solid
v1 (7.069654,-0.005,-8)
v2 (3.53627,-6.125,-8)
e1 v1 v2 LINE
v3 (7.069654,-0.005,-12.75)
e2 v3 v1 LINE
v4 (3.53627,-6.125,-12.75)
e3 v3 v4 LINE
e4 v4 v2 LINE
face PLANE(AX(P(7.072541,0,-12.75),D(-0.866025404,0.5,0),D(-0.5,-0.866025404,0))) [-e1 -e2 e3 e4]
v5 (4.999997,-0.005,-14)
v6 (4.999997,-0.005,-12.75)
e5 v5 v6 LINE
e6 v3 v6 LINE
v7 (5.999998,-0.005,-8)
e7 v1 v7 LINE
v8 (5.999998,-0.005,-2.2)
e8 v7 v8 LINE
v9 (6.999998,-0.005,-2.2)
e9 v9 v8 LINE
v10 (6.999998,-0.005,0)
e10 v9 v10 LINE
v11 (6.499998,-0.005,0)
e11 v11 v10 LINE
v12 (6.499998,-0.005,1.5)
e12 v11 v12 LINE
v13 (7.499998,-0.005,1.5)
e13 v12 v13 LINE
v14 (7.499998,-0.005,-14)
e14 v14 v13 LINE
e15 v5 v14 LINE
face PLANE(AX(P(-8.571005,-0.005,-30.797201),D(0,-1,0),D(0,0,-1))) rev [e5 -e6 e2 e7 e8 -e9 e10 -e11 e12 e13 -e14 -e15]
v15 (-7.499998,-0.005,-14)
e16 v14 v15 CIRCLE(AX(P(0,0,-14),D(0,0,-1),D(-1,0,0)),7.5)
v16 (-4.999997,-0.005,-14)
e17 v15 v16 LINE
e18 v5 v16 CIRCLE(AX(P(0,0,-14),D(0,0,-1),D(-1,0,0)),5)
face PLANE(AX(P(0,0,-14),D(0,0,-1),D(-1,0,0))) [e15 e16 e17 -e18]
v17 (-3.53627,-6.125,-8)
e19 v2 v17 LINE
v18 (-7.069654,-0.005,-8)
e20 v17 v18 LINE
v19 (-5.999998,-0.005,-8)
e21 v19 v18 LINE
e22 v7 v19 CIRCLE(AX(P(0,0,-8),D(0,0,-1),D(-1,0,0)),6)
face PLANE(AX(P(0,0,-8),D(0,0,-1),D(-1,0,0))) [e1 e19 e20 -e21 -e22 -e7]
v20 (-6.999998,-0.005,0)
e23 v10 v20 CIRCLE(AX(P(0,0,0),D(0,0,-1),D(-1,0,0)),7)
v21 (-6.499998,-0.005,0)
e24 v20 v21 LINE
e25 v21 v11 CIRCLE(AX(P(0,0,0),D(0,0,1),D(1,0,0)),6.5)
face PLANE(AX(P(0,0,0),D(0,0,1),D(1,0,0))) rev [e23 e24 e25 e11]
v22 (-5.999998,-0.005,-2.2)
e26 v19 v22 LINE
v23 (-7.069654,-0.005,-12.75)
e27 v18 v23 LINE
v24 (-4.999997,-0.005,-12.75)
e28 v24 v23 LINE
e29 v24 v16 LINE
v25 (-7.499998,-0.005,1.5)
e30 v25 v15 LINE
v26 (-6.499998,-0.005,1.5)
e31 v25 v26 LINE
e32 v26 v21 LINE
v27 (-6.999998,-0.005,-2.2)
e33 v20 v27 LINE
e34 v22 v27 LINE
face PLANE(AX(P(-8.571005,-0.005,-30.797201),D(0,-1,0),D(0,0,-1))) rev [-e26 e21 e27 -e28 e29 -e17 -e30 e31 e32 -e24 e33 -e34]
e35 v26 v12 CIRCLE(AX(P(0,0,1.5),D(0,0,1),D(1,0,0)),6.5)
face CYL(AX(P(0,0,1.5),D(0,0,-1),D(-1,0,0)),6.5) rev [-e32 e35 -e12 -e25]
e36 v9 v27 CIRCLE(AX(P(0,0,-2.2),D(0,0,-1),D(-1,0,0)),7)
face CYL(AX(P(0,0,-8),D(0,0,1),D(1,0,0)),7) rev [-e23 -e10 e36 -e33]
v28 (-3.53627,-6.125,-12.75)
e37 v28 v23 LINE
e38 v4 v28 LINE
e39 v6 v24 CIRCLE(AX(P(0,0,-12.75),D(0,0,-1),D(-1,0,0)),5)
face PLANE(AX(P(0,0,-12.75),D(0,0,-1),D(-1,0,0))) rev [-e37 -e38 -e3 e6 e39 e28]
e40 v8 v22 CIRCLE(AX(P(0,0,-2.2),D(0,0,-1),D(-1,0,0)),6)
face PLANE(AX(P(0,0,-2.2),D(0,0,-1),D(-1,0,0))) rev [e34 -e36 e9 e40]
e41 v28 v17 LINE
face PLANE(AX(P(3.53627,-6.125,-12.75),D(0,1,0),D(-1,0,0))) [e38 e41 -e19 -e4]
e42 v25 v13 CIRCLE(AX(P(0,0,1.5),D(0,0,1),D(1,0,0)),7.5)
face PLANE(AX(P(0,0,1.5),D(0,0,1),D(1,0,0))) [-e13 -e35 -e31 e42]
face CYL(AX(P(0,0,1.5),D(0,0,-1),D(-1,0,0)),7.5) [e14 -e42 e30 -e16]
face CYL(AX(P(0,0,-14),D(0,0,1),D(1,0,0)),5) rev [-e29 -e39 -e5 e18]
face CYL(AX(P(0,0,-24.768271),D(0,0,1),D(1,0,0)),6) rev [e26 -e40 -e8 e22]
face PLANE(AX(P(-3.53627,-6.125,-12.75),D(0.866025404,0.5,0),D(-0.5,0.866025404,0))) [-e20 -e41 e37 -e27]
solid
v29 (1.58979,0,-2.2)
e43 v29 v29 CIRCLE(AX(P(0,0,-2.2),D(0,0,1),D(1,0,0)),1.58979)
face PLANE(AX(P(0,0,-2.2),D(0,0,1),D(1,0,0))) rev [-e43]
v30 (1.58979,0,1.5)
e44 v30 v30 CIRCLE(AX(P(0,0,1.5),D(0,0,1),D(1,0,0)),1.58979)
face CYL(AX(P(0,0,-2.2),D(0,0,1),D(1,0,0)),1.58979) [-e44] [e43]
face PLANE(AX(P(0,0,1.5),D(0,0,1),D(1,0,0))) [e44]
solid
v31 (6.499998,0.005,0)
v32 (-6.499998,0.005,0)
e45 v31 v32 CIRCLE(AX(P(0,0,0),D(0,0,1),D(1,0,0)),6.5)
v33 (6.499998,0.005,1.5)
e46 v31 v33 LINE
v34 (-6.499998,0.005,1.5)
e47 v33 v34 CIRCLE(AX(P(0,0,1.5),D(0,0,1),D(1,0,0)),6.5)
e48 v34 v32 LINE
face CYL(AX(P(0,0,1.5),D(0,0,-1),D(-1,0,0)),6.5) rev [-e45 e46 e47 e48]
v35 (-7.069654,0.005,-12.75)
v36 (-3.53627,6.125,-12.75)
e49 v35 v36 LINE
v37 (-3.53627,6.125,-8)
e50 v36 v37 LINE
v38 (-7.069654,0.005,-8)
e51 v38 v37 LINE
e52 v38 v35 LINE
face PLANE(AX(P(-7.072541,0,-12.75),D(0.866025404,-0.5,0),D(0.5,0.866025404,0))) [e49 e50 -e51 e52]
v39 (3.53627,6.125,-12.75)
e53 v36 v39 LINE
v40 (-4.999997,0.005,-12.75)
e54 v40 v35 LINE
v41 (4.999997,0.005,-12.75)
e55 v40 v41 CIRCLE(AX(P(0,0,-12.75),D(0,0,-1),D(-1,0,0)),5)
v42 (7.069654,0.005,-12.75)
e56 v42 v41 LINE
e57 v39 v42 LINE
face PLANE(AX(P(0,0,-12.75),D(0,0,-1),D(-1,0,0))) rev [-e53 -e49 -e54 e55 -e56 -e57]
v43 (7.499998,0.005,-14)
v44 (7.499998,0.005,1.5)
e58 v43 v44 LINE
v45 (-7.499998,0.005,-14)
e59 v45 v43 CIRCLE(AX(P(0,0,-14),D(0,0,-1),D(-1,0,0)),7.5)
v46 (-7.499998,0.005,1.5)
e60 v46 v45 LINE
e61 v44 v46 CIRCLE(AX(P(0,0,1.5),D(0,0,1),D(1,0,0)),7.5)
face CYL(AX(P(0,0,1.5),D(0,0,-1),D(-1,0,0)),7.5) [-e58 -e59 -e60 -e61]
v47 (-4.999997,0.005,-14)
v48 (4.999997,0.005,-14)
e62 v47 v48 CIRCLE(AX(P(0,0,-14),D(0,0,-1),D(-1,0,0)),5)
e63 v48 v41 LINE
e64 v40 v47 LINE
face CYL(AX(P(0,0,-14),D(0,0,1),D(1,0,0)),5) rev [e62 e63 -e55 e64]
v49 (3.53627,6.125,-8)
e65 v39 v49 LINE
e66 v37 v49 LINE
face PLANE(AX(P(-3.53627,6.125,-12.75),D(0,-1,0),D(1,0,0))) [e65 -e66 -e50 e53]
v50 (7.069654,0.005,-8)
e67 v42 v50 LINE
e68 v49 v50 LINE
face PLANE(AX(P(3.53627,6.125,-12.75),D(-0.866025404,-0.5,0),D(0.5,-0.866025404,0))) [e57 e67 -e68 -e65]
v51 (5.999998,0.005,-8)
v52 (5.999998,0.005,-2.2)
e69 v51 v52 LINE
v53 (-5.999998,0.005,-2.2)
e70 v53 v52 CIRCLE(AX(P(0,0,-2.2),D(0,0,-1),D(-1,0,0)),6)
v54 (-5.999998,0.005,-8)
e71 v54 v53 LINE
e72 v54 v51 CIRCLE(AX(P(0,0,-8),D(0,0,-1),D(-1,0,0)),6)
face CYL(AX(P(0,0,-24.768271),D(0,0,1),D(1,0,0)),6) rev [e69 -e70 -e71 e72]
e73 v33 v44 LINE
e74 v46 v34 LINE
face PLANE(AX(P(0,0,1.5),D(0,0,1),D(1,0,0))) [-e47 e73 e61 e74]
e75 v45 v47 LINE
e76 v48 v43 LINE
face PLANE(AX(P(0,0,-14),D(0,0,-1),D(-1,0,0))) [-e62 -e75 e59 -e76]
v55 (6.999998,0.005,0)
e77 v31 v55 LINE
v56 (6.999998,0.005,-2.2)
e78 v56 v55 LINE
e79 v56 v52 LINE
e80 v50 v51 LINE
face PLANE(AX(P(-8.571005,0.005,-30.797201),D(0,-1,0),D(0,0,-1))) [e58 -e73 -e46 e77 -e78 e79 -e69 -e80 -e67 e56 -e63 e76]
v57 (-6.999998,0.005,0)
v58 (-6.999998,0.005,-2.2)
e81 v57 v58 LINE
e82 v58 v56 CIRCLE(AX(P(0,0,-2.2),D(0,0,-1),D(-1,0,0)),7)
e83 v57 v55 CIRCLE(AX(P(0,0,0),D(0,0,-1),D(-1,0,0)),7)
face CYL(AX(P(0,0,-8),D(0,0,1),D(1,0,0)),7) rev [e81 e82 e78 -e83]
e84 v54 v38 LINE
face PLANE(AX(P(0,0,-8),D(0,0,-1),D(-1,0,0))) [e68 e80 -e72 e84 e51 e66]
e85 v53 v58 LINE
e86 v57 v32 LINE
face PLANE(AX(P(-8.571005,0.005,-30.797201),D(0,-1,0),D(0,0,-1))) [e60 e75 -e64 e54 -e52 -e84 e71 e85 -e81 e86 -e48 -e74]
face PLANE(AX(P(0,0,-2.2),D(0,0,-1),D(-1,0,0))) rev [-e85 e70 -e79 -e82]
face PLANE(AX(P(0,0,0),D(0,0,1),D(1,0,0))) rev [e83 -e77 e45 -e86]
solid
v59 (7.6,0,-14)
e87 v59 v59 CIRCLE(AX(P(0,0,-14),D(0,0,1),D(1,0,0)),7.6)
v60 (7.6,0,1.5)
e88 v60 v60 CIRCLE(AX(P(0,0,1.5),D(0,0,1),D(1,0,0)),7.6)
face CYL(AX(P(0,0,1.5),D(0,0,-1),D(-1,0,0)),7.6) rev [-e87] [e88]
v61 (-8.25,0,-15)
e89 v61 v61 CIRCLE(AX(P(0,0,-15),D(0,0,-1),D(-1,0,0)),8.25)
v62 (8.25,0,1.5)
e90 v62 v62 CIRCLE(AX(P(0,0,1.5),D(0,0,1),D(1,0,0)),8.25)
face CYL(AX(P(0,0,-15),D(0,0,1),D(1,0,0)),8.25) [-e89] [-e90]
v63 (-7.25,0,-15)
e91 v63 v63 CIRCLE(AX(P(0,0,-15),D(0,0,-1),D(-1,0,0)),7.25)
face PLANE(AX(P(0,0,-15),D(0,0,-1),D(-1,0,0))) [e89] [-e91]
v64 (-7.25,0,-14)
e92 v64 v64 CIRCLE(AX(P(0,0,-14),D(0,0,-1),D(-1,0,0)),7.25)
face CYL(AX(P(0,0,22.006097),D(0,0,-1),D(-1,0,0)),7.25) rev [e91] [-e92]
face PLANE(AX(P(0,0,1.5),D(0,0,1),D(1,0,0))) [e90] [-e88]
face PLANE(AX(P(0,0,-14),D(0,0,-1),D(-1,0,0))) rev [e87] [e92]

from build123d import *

# Parameters (mm, degrees)
SKETCH1_R            = 7.5
SKETCH1_R_2          = 6.5
BOSS_EXTRUDE1_DEPTH  = 1.5
BOSS_EXTRUDE2_START  = 8
SKETCH2_R            = 7.5
SKETCH2_R_2          = 7
BOSS_EXTRUDE2_DEPTH  = 8
BOSS_EXTRUDE3_START  = 4.75
SKETCH3_R            = 7.5
BOSS_EXTRUDE3_DEPTH  = 4.75
BOSS_EXTRUDE4_START  = 1.25
SKETCH4_R            = 7.5
SKETCH4_R_2          = 5
BOSS_EXTRUDE4_DEPTH  = 1.25
CUT_EXTRUDE1_REACH   = 20.782
SKETCH5_W            = 16.797198
SKETCH5_H            = 0.01
SKETCH6_R            = 8.25
BOSS_EXTRUDE5_DEPTH  = 1
SKETCH7_R            = 8.25
SKETCH7_R_2          = 7.6
BOSS_EXTRUDE6_DEPTH  = 15.5
SKETCH8_R            = 7.25
CUT_EXTRUDE2_DEPTH   = 16.5
SKETCH11_R           = 1.58979
BOSS_EXTRUDE8_DEPTH  = 3.7
BOSS_EXTRUDE10_DEPTH = 5.8


with BuildPart() as part:
    # Sketch1 → Boss-Extrude1 (new body)
    with BuildSketch(Plane.XY):
        Circle(SKETCH1_R)
        Circle(SKETCH1_R_2, mode=Mode.SUBTRACT)
    extrude(amount=BOSS_EXTRUDE1_DEPTH)

    # Sketch2 → Boss-Extrude2 (add)
    with BuildSketch(Plane(origin=(0, 0, 0), x_dir=(-1, 0, 0), z_dir=(0, 0, -1)).offset(BOSS_EXTRUDE2_START)):
        Circle(SKETCH2_R)
        Circle(SKETCH2_R_2, mode=Mode.SUBTRACT)
    extrude(amount=-BOSS_EXTRUDE2_DEPTH)

    # Sketch3 → Boss-Extrude3 (add)
    with BuildSketch(Plane(origin=(0, 0, -8), x_dir=(-1, 0, 0), z_dir=(0, 0, -1)).offset(BOSS_EXTRUDE3_START)):
        Circle(SKETCH3_R)
        Polygon((-7.072541, 0), (-3.53627, -6.125), (3.53627, -6.125), (7.072541, 0), (3.53627, 6.125), (-3.53627, 6.125), align=None, mode=Mode.SUBTRACT)
    extrude(amount=-BOSS_EXTRUDE3_DEPTH)

    # Sketch4 → Boss-Extrude4 (add)
    with BuildSketch(Plane(origin=(0, 0, -12.75), x_dir=(-1, 0, 0), z_dir=(0, 0, -1)).offset(BOSS_EXTRUDE4_START)):
        Circle(SKETCH4_R)
        Circle(SKETCH4_R_2, mode=Mode.SUBTRACT)
    extrude(amount=-BOSS_EXTRUDE4_DEPTH)

    # Cut-Extrude1: up to this face of the body (flat: up to its plane)
    cut_extrude1_end = Plane(part.part.faces().sort_by_distance((7.287868, 0, -14))[0])
    # Sketch5 → Cut-Extrude1 (cut, up to the picked face)
    with BuildSketch(Plane.XY.offset(1.5), mode=Mode.PRIVATE) as cut_extrude1_sk1:
        with Locations((-0.172406, 0)):
            Rectangle(SKETCH5_W, SKETCH5_H)
    cut_extrude1_tool1 = split(extrude(cut_extrude1_sk1.sketch, amount=-CUT_EXTRUDE1_REACH, mode=Mode.PRIVATE), bisect_by=cut_extrude1_end, keep=Keep.BOTH, mode=Mode.PRIVATE)
    add(cut_extrude1_tool1.solids().sort_by(Axis((-0.172406, 0, 1.5), (0, 0, -1)))[0], mode=Mode.SUBTRACT)


with BuildPart() as cut_extrude1_piece_1:
    # of the separate pieces the step leaves, piece 1, a body of its own (cut_extrude1_pieces)
    add(part.part.solids().sort_by_distance((7.499998, -0.005, -14))[0])



with BuildPart() as cut_extrude1_piece_2:
    # of the separate pieces the step leaves, piece 2, a body of its own (cut_extrude1_pieces)
    add(part.part.solids().sort_by_distance((-7.499998, 0.005, -14))[0])


with BuildPart() as body_3:
    # Sketch6 → Boss-Extrude5 (new body)
    with BuildSketch(Plane(origin=(0, 0, -14), x_dir=(-1, 0, 0), z_dir=(0, 0, -1))):
        Circle(SKETCH6_R)
    extrude(amount=BOSS_EXTRUDE5_DEPTH)

    # Sketch7 → Boss-Extrude6 (add)
    with BuildSketch(Plane.XY.offset(-14)):
        Circle(SKETCH7_R)
        Circle(SKETCH7_R_2, mode=Mode.SUBTRACT)
    extrude(amount=BOSS_EXTRUDE6_DEPTH)

    # Sketch8 → Cut-Extrude2 (cut)
    with BuildSketch(Plane(origin=(0, 0, -15), x_dir=(-1, 0, 0), z_dir=(0, 0, -1))):
        Circle(SKETCH8_R)
    extrude(amount=-CUT_EXTRUDE2_DEPTH, mode=Mode.SUBTRACT)


with BuildPart() as body_4:
    # Sketch11 → Boss-Extrude8 (new body)
    with BuildSketch(Plane.XY.offset(1.5)):
        Circle(SKETCH11_R)
    extrude(amount=-BOSS_EXTRUDE8_DEPTH)


with BuildPart() as cut_extrude1_piece_1_1:
    add(cut_extrude1_piece_1.part)

    add(cut_extrude1_piece_2.part)  # Boss-Extrude10 merges Cut-Extrude1 piece 2
    # Sketch12 → Boss-Extrude10 (add)
    with BuildSketch(Plane(origin=(0, 0, -2.2), x_dir=(-1, 0, 0), z_dir=(0, 0, -1))):
        with BuildLine():
            ThreePointArc((7.499998, 0.005), (0, 7.5), (-7.499998, 0.005))
            Line((-7.499998, 0.005), (-5.999998, 0.005))
            ThreePointArc((-5.999998, 0.005), (0, 6), (5.999998, 0.005))
            Line((5.999998, 0.005), (7.499998, 0.005))
        make_face()
        with BuildLine():
            Line((-5.999998, -0.005), (-7.499998, -0.005))
            ThreePointArc((-7.499998, -0.005), (0, -7.5), (7.499998, -0.005))
            Line((7.499998, -0.005), (5.999998, -0.005))
            ThreePointArc((5.999998, -0.005), (0, -6), (-5.999998, -0.005))
        make_face()
    extrude(amount=BOSS_EXTRUDE10_DEPTH)


solid = Compound([body_3.part, body_4.part, cut_extrude1_piece_1_1.part])
